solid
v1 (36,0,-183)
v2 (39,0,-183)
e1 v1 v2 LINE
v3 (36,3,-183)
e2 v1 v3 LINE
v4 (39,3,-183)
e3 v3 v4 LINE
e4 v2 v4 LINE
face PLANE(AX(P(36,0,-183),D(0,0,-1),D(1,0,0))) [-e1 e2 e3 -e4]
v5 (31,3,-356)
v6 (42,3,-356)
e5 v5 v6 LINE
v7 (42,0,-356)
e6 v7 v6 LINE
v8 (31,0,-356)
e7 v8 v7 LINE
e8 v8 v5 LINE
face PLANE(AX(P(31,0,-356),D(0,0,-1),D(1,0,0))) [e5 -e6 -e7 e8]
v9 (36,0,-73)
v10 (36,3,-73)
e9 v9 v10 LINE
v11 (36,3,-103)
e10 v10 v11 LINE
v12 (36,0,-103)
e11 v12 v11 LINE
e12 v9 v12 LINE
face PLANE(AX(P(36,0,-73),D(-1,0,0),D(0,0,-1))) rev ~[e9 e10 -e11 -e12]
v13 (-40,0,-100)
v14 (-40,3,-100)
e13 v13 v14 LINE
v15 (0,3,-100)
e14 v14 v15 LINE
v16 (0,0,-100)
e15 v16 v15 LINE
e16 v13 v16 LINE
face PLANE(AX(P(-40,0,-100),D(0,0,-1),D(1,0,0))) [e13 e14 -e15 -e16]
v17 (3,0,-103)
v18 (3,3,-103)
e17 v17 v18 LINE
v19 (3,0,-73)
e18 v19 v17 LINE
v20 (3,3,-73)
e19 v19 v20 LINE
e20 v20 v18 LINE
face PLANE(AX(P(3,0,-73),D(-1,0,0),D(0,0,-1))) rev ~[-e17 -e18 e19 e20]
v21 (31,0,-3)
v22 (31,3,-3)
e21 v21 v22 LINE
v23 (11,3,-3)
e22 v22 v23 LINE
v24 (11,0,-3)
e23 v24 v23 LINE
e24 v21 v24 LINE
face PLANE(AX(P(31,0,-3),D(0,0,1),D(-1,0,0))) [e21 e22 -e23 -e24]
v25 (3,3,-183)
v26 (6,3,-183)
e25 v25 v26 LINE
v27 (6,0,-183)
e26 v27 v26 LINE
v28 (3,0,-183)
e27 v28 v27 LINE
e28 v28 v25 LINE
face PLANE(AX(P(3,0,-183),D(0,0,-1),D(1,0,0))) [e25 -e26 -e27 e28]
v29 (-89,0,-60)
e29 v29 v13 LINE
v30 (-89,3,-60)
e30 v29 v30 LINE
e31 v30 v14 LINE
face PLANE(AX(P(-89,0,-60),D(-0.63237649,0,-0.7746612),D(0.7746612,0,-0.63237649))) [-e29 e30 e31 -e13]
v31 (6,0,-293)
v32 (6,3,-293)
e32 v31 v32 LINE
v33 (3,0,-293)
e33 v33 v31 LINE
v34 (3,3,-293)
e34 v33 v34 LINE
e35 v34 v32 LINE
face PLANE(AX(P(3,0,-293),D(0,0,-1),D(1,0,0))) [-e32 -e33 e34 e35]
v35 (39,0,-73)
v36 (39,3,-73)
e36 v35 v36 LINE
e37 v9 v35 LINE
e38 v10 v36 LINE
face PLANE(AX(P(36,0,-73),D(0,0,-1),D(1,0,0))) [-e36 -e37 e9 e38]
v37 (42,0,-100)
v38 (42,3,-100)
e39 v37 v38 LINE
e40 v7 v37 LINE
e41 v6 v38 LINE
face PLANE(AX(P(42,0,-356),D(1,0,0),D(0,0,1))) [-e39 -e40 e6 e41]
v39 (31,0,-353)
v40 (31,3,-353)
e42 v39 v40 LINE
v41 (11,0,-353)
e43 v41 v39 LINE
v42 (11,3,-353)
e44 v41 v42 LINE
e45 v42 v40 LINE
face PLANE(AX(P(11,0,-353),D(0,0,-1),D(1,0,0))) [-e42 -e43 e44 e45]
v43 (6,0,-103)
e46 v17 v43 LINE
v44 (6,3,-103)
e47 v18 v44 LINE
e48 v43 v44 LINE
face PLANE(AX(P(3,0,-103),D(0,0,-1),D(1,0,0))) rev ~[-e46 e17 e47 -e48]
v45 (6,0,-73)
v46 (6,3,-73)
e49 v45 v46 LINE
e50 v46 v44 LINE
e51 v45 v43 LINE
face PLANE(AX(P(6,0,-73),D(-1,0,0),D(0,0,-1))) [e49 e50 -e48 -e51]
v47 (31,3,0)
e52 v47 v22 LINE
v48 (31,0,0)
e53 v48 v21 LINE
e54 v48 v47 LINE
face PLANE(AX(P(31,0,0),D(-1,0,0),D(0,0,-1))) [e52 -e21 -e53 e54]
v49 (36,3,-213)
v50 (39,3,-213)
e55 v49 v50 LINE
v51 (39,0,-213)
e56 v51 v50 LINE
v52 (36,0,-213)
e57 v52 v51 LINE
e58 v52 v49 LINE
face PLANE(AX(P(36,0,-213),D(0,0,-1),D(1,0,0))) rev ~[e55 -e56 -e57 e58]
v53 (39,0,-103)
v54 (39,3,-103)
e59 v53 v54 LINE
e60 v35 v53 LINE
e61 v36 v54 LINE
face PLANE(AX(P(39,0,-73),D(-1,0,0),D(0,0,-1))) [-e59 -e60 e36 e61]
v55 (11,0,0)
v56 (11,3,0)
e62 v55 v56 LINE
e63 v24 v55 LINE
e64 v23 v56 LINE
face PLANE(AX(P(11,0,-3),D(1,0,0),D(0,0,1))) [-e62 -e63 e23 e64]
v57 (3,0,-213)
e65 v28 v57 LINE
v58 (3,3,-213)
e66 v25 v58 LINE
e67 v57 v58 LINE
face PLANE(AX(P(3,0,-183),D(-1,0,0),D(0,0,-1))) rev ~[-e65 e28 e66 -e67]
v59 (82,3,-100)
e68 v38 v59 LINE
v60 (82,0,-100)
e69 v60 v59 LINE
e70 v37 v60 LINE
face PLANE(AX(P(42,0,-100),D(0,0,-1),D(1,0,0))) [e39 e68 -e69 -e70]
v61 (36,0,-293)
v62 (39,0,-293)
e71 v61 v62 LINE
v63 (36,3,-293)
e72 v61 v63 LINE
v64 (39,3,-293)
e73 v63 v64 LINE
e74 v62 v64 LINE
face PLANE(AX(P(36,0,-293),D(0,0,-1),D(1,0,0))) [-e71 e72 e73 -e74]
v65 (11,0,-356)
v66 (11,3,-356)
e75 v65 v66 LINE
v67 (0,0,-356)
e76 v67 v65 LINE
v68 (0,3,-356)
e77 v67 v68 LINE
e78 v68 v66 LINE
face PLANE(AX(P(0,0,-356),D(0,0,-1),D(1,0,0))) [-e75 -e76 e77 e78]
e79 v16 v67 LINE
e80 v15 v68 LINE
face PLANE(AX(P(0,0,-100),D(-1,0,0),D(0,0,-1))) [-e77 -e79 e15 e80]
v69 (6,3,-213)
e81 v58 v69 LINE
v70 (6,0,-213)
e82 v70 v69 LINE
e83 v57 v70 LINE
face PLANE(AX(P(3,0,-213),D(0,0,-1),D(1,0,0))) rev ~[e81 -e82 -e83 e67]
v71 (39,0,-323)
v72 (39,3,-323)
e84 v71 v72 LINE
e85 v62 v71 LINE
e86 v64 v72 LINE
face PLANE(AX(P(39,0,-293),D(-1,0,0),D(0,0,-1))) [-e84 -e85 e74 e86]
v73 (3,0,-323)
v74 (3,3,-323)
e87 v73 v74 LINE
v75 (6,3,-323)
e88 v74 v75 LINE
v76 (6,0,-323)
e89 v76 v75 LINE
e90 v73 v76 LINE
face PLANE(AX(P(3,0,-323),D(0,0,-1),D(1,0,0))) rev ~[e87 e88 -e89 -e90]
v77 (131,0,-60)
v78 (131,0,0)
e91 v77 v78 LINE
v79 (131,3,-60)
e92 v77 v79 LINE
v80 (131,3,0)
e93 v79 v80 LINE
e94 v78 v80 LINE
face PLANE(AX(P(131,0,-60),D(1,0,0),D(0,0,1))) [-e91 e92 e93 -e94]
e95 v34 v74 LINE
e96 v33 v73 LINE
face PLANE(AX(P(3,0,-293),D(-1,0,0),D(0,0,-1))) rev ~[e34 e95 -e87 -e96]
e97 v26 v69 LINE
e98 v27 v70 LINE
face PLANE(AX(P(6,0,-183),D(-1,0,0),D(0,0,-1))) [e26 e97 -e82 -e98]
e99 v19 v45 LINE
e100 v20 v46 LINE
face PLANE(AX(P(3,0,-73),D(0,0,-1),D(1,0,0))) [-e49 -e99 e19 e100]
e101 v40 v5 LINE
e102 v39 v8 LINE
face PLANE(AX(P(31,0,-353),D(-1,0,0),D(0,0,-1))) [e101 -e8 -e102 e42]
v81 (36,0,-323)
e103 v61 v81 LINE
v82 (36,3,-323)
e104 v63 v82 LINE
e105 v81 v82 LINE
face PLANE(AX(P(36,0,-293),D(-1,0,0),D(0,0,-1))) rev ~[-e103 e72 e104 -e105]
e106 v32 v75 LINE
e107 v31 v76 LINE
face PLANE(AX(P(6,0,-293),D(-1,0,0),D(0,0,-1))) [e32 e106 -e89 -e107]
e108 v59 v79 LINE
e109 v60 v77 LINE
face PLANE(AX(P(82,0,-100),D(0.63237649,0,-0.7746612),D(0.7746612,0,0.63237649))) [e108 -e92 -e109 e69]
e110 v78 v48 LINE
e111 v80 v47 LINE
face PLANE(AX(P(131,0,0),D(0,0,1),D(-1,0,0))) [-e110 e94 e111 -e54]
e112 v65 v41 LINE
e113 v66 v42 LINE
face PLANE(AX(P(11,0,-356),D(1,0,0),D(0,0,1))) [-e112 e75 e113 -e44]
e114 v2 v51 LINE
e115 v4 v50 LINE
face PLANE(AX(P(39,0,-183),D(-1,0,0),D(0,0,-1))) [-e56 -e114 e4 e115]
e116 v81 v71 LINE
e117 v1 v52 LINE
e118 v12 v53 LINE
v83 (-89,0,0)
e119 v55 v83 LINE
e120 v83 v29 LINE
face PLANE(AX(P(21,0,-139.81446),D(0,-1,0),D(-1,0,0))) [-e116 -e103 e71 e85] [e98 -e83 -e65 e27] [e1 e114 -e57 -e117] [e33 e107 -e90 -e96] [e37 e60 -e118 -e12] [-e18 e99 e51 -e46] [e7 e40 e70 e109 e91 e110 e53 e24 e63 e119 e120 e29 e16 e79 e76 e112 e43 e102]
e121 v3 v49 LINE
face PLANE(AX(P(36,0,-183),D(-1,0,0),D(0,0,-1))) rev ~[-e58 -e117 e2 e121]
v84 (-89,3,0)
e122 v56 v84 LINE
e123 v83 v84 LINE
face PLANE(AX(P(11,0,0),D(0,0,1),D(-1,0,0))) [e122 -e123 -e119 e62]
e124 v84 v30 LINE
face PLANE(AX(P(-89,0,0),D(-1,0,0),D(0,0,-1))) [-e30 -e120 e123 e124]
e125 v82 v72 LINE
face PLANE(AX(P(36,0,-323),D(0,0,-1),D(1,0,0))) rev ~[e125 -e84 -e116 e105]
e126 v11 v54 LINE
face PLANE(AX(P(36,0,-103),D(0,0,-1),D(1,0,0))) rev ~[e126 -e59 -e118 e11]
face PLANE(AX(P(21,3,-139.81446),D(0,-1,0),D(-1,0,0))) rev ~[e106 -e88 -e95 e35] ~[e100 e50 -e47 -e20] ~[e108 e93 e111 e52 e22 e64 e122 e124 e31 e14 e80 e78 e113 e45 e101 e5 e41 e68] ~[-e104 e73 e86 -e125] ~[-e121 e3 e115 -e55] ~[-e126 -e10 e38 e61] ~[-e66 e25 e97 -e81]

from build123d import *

# Parameters (mm, degrees)
SKETCH1_W           = 3
SKETCH1_H           = 30
BOSS_EXTRUDE1_DEPTH = 3


with BuildPart() as part:
    # Sketch1 → Boss-Extrude1 (new body)
    with BuildSketch(Plane(origin=(0, 0, 0), x_dir=(1, 0, 0), z_dir=(0, 1, 0))):
        Polygon((0, 100), (0, 356), (11, 356), (11, 353), (31, 353), (31, 356), (42, 356), (42, 100), (82, 100), (131, 60), (131, 0), (31, 0), (31, 3), (11, 3), (11, 0), (-89, 0), (-89, 60), (-40, 100), align=None)
        with Locations((37.5, 88)):
            Rectangle(SKETCH1_W, SKETCH1_H, mode=Mode.SUBTRACT)
        with Locations((37.5, 198)):
            Rectangle(SKETCH1_W, SKETCH1_H, mode=Mode.SUBTRACT)
        with Locations((37.5, 308)):
            Rectangle(SKETCH1_W, SKETCH1_H, mode=Mode.SUBTRACT)
        with Locations((4.5, 88)):
            Rectangle(SKETCH1_W, SKETCH1_H, mode=Mode.SUBTRACT)
        with Locations((4.5, 198)):
            Rectangle(SKETCH1_W, SKETCH1_H, mode=Mode.SUBTRACT)
        with Locations((4.5, 308)):
            Rectangle(SKETCH1_W, SKETCH1_H, mode=Mode.SUBTRACT)
    extrude(amount=BOSS_EXTRUDE1_DEPTH)


solid = part.part
